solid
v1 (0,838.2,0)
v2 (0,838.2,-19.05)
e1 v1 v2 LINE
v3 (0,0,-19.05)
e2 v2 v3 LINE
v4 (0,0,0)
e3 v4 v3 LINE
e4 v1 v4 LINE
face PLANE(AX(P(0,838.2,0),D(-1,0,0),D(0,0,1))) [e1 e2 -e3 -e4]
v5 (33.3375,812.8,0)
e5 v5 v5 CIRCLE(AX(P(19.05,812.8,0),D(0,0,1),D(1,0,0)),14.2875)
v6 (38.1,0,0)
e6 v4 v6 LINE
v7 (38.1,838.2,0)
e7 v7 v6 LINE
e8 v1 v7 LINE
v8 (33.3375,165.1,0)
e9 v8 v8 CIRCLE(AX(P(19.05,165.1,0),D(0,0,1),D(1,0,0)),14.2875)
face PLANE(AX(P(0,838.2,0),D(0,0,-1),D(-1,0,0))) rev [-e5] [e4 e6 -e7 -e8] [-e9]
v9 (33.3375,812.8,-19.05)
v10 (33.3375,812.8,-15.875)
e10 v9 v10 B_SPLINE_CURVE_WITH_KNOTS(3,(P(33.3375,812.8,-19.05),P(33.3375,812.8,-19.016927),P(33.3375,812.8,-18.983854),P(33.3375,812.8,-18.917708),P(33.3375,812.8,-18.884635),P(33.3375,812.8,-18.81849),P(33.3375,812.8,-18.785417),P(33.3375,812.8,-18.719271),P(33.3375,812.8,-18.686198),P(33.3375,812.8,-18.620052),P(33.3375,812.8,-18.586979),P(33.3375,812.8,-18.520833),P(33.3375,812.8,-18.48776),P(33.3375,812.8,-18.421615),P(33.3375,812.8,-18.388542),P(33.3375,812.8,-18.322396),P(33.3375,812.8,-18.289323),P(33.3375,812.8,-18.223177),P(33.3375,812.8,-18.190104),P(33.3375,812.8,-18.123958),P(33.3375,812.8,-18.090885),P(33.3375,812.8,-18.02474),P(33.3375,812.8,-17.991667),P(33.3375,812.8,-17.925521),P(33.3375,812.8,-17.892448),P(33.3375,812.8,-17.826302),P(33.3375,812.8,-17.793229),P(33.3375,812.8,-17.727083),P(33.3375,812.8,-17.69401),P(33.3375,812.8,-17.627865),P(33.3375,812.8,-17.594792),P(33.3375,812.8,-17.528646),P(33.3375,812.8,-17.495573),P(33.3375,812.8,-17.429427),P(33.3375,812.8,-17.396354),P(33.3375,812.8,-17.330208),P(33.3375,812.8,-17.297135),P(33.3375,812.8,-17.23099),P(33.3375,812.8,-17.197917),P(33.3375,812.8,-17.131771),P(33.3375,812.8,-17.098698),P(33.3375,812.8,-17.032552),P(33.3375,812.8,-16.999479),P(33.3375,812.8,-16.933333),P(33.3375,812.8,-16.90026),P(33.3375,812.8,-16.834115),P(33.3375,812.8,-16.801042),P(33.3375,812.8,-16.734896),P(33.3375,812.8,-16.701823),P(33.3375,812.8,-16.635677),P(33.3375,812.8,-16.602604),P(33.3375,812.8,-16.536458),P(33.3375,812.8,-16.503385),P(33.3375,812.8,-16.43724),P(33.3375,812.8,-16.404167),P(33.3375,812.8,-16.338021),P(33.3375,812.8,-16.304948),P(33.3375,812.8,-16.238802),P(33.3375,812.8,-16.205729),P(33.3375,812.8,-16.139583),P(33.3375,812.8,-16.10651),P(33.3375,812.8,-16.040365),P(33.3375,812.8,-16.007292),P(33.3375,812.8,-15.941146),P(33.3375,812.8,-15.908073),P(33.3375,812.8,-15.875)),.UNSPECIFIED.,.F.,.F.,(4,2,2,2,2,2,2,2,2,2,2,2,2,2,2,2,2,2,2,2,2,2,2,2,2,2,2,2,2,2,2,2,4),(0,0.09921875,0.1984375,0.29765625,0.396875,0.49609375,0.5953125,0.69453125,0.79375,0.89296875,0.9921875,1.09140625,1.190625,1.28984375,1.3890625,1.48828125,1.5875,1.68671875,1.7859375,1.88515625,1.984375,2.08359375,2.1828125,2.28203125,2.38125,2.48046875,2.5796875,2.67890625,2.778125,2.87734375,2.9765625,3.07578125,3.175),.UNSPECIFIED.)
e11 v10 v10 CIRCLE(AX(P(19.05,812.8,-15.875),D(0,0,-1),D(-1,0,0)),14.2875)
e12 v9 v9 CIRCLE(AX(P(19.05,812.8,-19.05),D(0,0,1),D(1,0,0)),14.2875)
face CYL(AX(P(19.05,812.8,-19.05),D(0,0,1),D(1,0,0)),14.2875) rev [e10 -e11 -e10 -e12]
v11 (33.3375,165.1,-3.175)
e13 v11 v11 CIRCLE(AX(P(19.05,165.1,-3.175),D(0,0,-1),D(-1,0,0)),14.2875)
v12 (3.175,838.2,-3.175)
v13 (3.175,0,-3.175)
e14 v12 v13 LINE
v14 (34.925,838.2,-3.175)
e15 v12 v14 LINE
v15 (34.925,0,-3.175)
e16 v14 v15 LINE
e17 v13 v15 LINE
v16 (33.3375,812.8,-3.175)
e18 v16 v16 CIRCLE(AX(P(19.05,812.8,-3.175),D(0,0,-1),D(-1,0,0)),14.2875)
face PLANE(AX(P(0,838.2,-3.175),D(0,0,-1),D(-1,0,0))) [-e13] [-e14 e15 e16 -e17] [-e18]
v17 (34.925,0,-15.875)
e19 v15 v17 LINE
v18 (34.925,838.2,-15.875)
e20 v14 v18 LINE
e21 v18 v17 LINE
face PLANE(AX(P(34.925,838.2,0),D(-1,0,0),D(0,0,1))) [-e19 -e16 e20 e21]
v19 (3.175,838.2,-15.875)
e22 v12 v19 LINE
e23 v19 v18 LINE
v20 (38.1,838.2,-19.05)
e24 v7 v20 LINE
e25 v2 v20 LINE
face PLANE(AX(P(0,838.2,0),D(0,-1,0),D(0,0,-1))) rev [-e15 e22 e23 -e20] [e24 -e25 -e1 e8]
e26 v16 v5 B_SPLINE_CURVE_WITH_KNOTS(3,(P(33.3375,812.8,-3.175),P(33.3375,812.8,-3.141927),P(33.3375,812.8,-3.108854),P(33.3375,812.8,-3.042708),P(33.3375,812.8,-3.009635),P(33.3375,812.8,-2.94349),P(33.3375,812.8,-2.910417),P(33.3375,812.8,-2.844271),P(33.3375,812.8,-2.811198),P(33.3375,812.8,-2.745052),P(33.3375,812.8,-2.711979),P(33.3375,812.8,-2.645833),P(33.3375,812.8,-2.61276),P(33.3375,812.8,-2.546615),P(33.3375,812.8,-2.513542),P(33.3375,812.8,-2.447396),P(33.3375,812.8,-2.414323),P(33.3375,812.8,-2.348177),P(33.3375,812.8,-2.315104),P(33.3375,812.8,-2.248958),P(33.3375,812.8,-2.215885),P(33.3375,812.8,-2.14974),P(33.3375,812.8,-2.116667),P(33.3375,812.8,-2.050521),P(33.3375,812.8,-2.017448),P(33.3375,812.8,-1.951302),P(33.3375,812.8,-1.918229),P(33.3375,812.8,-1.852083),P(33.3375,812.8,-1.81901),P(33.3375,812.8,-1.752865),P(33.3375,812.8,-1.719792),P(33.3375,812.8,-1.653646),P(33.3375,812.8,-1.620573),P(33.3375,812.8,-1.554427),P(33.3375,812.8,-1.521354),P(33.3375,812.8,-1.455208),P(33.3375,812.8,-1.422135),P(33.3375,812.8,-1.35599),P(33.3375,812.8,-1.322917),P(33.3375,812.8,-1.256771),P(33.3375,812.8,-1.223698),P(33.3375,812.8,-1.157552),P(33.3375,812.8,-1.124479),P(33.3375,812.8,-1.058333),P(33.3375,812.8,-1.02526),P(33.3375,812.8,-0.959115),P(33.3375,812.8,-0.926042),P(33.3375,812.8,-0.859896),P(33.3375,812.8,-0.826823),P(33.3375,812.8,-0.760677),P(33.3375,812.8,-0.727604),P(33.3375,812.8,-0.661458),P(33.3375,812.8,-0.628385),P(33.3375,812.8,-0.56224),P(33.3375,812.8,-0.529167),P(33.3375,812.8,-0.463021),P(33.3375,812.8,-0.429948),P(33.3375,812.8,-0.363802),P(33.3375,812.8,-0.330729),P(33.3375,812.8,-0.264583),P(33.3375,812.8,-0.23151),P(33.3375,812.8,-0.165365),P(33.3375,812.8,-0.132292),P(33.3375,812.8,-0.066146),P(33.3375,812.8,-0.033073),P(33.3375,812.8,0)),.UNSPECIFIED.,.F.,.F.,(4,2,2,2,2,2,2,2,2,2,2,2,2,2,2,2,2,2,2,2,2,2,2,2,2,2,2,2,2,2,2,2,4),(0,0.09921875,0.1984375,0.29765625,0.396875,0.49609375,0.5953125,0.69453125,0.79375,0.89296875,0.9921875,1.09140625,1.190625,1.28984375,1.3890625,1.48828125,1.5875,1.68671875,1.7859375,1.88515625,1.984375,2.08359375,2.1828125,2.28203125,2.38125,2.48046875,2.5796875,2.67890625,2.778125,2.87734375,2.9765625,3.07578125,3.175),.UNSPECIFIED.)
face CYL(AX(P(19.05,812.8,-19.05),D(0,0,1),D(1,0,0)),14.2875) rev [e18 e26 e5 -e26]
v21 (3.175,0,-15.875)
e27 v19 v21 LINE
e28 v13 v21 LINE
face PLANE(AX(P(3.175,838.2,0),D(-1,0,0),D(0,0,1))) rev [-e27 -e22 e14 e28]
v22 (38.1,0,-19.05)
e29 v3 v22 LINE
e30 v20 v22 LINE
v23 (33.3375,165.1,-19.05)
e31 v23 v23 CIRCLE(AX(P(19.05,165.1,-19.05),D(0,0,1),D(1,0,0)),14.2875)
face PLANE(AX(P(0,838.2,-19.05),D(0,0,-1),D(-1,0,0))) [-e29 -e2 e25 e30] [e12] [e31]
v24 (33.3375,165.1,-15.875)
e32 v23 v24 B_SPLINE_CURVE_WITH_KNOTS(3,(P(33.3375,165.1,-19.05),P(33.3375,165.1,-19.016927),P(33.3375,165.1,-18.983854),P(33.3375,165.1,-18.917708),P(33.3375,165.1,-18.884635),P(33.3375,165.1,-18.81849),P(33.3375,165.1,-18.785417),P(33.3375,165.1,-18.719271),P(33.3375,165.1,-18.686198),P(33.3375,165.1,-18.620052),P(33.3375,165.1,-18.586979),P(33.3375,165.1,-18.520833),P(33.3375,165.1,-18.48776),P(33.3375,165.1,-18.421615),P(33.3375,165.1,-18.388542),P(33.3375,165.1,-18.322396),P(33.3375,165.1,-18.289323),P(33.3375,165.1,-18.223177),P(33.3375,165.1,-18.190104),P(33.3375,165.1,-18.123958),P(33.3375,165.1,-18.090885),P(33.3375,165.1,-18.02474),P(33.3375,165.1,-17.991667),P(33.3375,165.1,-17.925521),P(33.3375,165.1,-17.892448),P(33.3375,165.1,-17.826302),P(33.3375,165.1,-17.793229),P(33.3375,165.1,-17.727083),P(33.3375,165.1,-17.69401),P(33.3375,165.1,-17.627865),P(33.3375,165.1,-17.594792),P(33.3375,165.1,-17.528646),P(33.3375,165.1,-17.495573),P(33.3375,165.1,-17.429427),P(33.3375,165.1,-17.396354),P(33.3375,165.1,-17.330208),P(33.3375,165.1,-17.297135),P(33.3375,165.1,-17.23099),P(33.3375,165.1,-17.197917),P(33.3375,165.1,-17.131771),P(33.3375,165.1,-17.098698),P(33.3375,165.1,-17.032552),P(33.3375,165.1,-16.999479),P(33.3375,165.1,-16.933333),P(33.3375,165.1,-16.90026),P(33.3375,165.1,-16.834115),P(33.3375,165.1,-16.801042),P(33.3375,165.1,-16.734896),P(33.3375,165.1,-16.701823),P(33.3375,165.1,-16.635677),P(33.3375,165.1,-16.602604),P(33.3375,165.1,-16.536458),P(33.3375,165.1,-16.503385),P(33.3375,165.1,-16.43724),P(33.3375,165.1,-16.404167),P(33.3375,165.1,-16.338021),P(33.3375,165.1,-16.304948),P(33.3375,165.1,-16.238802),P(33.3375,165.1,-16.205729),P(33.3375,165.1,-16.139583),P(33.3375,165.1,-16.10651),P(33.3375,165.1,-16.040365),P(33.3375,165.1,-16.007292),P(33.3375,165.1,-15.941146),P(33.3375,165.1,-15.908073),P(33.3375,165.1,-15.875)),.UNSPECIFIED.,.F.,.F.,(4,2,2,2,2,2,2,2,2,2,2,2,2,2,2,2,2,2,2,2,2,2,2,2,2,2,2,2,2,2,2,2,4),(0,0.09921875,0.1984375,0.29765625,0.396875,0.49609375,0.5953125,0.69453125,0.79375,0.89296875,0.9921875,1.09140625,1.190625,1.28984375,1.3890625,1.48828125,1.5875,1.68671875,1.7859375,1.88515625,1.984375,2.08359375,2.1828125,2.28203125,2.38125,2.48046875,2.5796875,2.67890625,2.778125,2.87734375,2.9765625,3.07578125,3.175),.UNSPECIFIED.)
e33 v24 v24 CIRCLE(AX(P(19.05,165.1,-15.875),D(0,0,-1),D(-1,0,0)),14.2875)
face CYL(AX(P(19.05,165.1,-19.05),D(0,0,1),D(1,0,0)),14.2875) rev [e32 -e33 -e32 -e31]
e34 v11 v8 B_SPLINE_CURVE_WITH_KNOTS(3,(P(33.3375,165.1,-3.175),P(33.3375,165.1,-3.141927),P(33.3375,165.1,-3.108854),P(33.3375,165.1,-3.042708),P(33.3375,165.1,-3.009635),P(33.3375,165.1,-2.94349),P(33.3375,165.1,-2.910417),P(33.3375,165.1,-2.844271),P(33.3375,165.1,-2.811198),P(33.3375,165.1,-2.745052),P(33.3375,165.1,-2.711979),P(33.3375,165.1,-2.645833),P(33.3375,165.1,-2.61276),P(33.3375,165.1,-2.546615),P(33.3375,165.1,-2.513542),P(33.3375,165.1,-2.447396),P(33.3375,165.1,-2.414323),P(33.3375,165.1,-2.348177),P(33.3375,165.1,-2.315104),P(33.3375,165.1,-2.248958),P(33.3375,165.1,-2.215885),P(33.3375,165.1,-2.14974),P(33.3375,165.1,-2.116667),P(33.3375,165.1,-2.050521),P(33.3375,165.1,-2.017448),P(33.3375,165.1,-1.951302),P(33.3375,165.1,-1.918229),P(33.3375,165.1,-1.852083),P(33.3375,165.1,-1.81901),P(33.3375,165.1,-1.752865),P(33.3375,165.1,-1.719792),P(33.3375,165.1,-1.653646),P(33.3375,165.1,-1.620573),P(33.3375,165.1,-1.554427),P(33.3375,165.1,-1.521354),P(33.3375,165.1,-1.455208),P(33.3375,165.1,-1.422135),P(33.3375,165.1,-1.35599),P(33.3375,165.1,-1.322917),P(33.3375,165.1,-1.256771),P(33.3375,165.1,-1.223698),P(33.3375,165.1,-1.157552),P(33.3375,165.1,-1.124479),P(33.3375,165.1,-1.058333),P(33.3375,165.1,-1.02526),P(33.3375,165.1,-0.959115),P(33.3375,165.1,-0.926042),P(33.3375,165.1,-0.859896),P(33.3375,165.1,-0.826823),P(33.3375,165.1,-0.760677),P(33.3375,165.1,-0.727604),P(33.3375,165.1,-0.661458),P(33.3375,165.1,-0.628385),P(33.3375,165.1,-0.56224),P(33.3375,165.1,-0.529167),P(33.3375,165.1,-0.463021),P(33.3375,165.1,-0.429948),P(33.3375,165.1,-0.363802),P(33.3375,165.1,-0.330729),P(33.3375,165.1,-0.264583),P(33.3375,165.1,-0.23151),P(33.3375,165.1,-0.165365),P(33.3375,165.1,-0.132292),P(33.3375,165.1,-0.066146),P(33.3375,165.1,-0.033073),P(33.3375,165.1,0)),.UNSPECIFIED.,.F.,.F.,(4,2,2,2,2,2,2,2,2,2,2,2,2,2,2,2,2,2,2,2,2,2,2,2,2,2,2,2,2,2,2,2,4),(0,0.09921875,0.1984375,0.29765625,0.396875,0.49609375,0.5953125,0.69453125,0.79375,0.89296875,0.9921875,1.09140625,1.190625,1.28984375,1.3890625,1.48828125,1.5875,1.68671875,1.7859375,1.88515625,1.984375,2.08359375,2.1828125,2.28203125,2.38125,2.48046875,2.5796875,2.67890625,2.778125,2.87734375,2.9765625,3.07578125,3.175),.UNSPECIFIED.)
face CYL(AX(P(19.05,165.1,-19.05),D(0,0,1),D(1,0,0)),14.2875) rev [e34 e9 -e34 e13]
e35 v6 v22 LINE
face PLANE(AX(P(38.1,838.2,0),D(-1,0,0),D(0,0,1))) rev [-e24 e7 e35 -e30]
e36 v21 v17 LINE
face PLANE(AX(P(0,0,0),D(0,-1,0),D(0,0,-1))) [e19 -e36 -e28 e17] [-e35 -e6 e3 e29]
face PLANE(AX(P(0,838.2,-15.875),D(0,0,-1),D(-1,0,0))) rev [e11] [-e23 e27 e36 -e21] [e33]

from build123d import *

# Parameters (mm, degrees)
SKETCH1_W           = 38.1
SKETCH1_H           = 19.05
SKETCH1_W_2         = 31.75
SKETCH1_H_2         = 12.7
EXTRUDE_THIN1_DEPTH = 838.2
SKETCH2_R           = 14.2875
CUT_EXTRUDE1_DEPTH  = 840.28168841
SKETCH3_R           = 14.2875
CUT_EXTRUDE2_DEPTH  = 840.28168841


with BuildPart() as part:
    # Sketch1 → Extrude-Thin1 (new body)
    with BuildSketch(Plane(origin=(0, 0, 0), x_dir=(1, 0, 0), z_dir=(0, 1, 0))):
        with Locations((19.05, 9.525)):
            Rectangle(SKETCH1_W, SKETCH1_H)
        with Locations((19.05, 9.525)):
            Rectangle(SKETCH1_W_2, SKETCH1_H_2, mode=Mode.SUBTRACT)
    extrude(amount=EXTRUDE_THIN1_DEPTH)

    # Sketch2 → Cut-Extrude1 (cut, through all)
    with BuildSketch(Plane.XY):
        with Locations((19.05, 165.1)):
            Circle(SKETCH2_R)
    extrude(amount=-CUT_EXTRUDE1_DEPTH, mode=Mode.SUBTRACT)

    # Sketch3 → Cut-Extrude2 (cut, through all)
    with BuildSketch(Plane.XY):
        with Locations((19.05, 812.8)):
            Circle(SKETCH3_R)
    extrude(amount=-CUT_EXTRUDE2_DEPTH, mode=Mode.SUBTRACT)


solid = part.part
